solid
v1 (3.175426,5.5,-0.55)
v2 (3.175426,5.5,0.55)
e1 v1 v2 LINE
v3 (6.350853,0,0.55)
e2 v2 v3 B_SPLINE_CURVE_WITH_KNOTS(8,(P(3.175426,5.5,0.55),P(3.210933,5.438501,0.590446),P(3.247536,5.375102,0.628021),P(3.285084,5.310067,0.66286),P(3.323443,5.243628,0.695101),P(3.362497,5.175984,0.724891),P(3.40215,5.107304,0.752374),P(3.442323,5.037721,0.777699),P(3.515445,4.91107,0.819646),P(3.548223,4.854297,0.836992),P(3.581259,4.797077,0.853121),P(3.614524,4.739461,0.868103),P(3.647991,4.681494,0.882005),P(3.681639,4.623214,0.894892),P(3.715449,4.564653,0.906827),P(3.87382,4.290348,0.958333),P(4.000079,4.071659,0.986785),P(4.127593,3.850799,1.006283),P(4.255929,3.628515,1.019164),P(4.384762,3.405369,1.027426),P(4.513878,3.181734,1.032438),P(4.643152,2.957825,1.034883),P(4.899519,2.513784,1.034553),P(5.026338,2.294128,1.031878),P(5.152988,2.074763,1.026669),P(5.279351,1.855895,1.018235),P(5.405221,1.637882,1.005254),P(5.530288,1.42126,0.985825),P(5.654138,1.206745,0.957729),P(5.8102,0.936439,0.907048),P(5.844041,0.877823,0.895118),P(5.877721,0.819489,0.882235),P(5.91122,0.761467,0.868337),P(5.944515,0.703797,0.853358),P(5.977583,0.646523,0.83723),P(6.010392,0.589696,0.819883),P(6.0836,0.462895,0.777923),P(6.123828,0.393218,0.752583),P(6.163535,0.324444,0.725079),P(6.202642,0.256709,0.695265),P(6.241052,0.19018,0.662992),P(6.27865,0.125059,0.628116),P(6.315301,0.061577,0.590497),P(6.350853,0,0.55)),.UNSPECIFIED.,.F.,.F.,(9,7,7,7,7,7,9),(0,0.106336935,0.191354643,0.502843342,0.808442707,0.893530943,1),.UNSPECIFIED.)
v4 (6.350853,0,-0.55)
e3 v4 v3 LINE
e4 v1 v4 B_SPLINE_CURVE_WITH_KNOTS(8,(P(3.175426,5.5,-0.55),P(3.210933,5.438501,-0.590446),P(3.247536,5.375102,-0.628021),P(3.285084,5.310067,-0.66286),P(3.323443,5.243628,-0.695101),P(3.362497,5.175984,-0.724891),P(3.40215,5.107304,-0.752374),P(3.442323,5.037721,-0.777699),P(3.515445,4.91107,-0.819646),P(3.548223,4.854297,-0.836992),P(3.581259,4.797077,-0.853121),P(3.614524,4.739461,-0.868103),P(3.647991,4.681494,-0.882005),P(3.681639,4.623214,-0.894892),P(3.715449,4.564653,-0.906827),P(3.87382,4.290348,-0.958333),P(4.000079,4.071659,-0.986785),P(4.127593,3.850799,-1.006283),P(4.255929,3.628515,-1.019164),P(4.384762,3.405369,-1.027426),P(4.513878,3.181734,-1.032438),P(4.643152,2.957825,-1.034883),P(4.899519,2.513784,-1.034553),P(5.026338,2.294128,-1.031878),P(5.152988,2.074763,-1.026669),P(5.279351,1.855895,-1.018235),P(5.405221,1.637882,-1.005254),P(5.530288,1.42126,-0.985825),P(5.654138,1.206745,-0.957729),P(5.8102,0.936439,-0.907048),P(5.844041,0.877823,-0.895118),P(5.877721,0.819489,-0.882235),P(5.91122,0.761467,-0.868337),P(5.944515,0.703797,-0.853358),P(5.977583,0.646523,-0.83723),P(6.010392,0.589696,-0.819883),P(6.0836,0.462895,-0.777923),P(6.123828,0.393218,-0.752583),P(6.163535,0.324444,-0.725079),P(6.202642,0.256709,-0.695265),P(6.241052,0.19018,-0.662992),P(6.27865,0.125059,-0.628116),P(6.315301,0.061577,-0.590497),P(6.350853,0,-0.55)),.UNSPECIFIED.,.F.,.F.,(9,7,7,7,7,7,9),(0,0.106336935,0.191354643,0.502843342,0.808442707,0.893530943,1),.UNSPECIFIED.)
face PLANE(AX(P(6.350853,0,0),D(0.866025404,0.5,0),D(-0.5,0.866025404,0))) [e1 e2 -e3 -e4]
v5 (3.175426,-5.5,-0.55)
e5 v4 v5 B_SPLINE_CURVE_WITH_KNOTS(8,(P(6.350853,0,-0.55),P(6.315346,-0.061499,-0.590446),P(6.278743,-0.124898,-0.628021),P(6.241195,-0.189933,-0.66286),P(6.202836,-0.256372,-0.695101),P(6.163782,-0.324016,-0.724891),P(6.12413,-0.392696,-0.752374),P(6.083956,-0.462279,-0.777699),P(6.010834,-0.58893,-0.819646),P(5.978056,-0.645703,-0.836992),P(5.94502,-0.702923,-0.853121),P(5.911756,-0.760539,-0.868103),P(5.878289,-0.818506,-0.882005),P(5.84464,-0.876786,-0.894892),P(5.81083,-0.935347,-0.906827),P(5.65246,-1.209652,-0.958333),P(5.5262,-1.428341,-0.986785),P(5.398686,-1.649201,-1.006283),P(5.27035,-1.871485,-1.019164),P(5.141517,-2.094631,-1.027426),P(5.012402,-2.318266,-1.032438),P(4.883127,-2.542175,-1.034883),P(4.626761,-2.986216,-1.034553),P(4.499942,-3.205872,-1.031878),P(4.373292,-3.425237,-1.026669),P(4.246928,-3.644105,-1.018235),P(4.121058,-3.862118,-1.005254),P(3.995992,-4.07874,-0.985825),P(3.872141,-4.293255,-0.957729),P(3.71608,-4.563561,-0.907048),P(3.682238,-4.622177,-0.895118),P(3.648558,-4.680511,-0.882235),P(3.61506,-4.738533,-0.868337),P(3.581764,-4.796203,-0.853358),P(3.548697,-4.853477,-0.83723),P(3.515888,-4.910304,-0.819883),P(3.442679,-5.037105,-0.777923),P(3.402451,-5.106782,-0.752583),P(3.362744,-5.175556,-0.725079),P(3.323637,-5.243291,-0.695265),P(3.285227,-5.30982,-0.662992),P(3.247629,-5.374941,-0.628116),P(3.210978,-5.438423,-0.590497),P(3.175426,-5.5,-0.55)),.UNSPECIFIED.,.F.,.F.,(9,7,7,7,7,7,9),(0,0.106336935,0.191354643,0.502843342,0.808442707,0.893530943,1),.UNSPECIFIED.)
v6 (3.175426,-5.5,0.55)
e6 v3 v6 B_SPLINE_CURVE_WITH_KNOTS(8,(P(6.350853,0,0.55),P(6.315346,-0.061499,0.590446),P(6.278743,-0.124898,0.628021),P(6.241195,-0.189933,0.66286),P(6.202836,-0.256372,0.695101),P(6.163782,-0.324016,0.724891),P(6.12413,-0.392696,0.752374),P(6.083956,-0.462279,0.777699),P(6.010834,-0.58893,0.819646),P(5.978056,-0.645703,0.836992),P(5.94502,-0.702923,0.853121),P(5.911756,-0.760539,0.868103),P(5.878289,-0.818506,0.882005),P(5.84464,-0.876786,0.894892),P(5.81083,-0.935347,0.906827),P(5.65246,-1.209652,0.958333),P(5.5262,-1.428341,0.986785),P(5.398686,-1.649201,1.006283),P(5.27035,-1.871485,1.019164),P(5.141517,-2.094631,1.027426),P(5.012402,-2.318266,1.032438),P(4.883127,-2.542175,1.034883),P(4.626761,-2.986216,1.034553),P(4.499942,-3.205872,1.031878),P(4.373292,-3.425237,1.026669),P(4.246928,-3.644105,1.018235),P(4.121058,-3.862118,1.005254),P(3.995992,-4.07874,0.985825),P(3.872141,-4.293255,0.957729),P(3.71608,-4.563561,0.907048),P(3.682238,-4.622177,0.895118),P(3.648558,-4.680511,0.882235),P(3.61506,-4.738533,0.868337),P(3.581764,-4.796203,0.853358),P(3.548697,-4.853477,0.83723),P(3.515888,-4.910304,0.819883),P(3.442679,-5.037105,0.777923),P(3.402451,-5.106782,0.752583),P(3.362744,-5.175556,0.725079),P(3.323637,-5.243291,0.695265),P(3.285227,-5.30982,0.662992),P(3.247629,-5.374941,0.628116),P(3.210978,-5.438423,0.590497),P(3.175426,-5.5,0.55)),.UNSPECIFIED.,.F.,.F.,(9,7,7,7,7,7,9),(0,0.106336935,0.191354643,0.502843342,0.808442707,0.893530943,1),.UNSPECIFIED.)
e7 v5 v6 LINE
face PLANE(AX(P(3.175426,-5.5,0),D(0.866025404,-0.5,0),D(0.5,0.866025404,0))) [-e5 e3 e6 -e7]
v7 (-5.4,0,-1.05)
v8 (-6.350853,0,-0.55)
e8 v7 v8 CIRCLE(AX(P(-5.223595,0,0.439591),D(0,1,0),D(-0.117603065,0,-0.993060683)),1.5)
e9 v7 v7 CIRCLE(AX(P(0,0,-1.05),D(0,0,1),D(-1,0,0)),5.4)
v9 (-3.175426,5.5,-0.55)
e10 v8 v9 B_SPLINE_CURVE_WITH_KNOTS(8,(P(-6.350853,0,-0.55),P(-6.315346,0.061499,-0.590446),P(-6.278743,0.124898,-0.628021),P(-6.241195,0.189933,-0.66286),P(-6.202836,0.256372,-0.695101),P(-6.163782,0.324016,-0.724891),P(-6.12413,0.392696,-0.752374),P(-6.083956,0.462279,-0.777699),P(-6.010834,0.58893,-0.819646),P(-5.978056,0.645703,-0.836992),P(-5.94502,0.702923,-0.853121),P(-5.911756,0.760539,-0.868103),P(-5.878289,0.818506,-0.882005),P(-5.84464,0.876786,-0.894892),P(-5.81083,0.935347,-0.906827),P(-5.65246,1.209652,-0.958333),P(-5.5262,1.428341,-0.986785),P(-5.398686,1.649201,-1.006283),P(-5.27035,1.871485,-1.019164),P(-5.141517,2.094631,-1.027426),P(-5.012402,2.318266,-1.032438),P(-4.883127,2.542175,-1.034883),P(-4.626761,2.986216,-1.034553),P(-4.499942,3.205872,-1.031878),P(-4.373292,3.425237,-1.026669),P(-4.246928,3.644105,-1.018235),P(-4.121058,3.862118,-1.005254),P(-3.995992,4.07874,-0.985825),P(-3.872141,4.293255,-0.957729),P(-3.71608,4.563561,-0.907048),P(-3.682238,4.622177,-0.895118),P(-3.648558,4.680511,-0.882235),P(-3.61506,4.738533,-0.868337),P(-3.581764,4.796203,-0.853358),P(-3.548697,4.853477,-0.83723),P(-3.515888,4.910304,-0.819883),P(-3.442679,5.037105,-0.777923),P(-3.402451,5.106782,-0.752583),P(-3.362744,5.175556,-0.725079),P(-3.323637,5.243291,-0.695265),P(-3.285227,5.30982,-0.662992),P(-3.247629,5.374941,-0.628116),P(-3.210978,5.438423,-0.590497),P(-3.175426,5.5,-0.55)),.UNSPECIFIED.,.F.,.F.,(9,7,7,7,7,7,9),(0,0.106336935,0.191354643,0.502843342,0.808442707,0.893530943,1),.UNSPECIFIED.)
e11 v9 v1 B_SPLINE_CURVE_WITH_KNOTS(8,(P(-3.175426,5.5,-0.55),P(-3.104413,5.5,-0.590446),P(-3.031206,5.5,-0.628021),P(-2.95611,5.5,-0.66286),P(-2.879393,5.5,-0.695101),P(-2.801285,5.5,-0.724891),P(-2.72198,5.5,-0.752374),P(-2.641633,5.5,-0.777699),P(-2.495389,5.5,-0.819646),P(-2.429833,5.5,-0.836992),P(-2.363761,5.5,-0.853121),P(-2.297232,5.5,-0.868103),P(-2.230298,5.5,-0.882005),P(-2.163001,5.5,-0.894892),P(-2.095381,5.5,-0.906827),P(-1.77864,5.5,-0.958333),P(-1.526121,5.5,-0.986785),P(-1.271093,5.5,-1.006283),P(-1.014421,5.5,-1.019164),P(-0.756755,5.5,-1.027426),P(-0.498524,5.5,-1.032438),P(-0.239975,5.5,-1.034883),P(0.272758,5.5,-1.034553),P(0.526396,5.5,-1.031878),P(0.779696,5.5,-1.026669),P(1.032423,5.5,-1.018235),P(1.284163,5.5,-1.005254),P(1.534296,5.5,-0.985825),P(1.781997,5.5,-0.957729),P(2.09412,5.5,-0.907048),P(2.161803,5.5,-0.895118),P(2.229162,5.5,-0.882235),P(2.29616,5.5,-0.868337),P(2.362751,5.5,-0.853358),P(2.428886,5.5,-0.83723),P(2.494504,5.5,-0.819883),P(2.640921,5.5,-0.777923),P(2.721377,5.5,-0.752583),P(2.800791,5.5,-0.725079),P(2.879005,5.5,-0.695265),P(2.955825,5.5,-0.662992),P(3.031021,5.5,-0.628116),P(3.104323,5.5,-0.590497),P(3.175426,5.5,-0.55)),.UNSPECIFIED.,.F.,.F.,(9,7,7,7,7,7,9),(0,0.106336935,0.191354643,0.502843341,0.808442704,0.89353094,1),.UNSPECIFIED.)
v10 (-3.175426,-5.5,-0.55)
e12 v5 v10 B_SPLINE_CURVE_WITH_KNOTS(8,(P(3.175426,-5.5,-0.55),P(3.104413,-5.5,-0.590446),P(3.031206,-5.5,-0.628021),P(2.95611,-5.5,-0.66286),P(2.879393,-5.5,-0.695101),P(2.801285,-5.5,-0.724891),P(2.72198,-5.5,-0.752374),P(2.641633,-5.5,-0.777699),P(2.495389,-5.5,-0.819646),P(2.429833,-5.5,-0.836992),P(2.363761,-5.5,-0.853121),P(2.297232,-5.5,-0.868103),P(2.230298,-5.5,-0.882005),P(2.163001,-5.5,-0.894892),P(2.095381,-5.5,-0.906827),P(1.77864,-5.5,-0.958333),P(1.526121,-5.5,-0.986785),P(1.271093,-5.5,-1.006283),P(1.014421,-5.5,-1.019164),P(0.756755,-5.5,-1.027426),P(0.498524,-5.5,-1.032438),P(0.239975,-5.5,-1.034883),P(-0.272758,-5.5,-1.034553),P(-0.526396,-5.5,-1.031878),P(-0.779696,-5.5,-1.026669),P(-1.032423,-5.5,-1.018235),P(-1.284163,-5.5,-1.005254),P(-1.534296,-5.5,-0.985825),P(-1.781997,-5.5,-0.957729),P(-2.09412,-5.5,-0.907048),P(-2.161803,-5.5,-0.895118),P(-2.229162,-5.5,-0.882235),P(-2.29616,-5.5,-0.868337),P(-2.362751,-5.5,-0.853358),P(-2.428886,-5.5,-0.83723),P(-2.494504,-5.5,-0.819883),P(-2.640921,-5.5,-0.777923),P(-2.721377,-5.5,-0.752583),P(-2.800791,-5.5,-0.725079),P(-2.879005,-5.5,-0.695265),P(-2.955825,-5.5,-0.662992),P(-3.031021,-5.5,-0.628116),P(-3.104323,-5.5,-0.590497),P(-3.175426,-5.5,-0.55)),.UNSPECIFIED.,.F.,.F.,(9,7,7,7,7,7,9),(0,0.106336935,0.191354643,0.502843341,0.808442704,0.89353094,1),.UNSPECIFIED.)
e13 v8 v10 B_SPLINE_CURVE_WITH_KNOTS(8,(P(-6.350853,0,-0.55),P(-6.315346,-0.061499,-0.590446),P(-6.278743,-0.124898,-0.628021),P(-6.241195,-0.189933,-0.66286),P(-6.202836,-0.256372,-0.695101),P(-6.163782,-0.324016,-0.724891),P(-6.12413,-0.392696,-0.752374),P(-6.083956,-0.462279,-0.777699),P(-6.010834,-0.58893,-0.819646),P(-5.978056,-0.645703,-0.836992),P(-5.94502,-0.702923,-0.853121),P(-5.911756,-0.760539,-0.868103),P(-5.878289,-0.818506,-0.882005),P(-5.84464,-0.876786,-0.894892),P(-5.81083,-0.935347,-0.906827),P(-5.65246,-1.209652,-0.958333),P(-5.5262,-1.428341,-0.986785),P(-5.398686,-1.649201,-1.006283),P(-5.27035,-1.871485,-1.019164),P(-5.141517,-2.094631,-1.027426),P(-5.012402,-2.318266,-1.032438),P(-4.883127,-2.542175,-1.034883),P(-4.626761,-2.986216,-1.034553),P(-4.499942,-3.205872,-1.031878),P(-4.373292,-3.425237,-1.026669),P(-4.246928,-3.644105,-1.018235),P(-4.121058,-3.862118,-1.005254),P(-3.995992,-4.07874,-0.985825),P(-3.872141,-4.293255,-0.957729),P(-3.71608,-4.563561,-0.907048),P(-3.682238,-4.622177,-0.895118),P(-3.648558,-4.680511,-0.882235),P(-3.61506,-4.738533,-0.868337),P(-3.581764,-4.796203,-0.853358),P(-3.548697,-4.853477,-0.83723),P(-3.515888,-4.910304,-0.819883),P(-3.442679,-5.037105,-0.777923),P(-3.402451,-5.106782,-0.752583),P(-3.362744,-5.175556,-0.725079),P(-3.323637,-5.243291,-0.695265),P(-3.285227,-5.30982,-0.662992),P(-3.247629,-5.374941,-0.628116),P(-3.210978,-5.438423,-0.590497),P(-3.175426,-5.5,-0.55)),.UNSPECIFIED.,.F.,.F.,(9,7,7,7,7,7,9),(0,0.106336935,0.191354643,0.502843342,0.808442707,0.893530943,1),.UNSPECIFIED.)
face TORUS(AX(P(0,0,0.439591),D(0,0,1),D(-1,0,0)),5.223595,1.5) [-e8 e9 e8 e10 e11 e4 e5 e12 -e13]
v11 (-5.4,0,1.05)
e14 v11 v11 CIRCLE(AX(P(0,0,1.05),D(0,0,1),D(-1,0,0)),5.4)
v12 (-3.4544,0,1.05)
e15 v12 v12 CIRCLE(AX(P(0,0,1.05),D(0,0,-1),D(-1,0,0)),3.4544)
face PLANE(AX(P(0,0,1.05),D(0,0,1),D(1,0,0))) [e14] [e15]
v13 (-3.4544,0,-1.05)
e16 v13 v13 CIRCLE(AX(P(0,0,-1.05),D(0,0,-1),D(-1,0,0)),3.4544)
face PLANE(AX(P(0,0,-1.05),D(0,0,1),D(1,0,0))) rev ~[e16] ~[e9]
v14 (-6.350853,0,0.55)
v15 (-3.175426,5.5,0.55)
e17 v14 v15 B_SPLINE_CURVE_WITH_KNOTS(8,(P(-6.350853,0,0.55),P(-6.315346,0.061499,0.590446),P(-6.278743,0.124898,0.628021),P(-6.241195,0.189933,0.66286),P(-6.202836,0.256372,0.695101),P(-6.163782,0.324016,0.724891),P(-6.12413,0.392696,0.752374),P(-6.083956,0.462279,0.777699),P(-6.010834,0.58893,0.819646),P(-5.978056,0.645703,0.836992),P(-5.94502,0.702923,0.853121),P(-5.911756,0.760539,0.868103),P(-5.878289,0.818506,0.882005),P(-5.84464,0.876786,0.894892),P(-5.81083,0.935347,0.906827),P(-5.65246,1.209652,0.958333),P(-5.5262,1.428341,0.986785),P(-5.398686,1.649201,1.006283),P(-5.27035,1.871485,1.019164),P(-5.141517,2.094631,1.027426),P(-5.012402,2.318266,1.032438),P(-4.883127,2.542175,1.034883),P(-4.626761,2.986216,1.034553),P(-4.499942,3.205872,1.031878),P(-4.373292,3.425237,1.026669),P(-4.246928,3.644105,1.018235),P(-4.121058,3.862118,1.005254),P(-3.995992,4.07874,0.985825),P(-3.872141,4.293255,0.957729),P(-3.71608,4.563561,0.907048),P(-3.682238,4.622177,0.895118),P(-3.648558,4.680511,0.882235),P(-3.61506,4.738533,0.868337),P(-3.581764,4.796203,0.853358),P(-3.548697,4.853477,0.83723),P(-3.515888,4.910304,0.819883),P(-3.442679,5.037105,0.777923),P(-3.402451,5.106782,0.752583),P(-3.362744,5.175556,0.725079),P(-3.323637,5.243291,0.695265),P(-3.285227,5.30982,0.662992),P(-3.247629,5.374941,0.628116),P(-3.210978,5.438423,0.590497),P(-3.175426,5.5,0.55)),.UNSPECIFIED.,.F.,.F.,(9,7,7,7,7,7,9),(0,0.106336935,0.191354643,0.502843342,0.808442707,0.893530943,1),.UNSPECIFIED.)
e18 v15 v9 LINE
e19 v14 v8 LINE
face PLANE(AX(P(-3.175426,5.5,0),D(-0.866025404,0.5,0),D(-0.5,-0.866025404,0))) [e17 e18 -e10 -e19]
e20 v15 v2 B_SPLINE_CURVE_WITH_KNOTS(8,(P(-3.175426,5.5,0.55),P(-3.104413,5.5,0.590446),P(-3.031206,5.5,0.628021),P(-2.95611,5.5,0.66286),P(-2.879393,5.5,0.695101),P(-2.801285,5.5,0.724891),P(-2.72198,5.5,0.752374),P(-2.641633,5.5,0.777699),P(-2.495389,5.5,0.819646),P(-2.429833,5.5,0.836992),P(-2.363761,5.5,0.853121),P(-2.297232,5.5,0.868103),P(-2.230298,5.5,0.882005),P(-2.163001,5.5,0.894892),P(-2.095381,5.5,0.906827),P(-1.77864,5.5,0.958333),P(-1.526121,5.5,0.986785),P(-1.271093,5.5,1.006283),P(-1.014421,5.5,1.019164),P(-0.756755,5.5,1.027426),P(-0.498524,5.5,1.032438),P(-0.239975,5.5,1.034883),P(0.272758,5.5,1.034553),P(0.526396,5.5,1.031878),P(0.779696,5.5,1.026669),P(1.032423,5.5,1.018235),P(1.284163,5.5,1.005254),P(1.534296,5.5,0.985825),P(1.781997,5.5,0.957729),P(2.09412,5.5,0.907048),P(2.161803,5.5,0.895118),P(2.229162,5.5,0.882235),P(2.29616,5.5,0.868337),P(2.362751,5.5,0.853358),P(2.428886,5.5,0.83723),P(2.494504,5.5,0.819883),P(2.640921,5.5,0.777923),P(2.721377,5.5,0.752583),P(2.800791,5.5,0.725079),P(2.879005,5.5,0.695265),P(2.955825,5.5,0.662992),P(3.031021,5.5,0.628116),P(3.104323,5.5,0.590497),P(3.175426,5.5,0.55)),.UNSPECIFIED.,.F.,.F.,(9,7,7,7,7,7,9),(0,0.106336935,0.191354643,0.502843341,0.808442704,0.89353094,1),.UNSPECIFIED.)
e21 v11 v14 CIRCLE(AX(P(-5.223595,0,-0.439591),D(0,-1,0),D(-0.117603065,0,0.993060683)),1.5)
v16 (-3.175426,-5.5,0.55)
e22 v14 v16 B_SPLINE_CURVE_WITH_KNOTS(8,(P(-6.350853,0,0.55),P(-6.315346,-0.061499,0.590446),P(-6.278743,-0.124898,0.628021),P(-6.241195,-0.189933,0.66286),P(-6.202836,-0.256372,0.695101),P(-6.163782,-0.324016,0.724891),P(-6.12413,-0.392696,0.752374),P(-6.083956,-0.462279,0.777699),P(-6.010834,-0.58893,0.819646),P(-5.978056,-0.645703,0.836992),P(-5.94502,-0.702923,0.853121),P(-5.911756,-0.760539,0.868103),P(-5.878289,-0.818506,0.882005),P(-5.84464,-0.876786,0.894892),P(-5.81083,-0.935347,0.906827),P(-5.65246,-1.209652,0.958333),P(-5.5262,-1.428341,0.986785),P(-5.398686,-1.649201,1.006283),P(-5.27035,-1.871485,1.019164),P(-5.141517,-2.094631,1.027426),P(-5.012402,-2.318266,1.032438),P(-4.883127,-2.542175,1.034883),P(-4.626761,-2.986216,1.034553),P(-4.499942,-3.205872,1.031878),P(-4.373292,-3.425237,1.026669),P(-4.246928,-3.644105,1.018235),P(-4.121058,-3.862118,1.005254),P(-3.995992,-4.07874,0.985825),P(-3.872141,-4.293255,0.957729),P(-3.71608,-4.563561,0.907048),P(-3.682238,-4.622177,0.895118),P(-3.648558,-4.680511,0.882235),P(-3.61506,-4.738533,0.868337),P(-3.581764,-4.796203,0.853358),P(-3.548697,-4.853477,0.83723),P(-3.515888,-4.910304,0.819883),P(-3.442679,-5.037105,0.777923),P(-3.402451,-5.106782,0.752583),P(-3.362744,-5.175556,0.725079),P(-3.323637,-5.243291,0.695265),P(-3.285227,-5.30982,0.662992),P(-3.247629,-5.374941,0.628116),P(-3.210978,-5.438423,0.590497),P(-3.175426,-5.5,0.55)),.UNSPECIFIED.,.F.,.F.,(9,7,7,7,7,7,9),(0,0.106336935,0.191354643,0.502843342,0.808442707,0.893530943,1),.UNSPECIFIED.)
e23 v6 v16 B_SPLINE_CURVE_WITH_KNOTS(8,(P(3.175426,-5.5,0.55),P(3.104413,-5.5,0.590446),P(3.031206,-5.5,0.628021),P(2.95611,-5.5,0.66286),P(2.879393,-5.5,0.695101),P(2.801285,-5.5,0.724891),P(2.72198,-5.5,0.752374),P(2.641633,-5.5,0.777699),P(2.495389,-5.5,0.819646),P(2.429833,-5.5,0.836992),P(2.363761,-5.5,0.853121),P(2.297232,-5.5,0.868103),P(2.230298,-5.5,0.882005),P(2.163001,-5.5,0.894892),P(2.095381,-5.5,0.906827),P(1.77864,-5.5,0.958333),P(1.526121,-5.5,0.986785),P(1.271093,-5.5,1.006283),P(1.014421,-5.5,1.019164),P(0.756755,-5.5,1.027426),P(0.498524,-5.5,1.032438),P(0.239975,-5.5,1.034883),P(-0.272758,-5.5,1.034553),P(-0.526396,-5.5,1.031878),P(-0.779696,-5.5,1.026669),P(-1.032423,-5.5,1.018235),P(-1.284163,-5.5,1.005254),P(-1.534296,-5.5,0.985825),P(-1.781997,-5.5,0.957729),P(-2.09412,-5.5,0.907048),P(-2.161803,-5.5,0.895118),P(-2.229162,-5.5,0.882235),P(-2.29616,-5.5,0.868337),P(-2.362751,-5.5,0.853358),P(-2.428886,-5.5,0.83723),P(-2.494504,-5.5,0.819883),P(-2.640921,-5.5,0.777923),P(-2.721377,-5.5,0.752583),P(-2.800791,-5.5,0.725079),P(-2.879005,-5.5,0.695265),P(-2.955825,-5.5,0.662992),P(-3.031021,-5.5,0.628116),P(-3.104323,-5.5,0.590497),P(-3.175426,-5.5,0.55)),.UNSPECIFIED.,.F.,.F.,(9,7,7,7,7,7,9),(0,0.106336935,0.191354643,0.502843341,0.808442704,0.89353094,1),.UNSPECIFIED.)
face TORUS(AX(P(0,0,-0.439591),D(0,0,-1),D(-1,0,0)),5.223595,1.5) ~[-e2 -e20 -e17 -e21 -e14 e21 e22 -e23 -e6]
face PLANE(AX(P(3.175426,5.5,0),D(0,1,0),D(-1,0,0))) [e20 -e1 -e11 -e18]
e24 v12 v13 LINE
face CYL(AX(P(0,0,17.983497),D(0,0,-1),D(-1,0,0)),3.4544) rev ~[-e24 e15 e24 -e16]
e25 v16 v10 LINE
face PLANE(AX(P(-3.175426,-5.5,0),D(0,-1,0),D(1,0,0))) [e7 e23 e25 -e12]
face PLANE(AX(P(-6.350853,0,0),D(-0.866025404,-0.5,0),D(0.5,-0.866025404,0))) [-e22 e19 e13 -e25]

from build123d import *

# Parameters (mm, degrees)
BOSS_EXTRUDE1_DEPTH      = 1.05
F_5_16_24_TAPPED_HOLE1_D = 6.9088


with BuildPart() as part:
    # Sketch2 → Boss-Extrude1 (new body, symmetric)
    with BuildSketch(Plane.XY):
        Polygon((-3.175426481, -5.5), (3.175426481, -5.5), (6.350852961, 0), (3.175426481, 5.5), (-3.175426481, 5.5), (-6.350852961, 0), align=None)
    extrude(amount=BOSS_EXTRUDE1_DEPTH, both=True)

    # 5/16-24 Tapped Hole1 (through all)
    with Locations(Plane.XY.offset(1.05)):
        with Locations((0, 0)):
            Hole(F_5_16_24_TAPPED_HOLE1_D / 2)

    # Sketch7 → Cut-Revolve2 (revolve, cut)
    with BuildSketch(Plane(origin=(0, 0, 0), x_dir=(1, 0, 0), z_dir=(0, 1, 0))):
        with BuildLine():
            Line((-6.350852961, -0.55), (-6.350852961, -1.05))
            Line((-6.350852961, -1.05), (-5.4, -1.05))
            ThreePointArc((-5.4, -1.05), (-5.921724154, -0.888044561), (-6.350852961, -0.55))
        make_face()
    cut_revolve2 = revolve(axis=Axis((0, 0, 0), (0, 0, 1)), mode=Mode.SUBTRACT)

    # Mirror1: Cut-Revolve2 across plane
    add(cut_revolve2.mirror(Plane.XY), mode=Mode.SUBTRACT)


solid = part.part
